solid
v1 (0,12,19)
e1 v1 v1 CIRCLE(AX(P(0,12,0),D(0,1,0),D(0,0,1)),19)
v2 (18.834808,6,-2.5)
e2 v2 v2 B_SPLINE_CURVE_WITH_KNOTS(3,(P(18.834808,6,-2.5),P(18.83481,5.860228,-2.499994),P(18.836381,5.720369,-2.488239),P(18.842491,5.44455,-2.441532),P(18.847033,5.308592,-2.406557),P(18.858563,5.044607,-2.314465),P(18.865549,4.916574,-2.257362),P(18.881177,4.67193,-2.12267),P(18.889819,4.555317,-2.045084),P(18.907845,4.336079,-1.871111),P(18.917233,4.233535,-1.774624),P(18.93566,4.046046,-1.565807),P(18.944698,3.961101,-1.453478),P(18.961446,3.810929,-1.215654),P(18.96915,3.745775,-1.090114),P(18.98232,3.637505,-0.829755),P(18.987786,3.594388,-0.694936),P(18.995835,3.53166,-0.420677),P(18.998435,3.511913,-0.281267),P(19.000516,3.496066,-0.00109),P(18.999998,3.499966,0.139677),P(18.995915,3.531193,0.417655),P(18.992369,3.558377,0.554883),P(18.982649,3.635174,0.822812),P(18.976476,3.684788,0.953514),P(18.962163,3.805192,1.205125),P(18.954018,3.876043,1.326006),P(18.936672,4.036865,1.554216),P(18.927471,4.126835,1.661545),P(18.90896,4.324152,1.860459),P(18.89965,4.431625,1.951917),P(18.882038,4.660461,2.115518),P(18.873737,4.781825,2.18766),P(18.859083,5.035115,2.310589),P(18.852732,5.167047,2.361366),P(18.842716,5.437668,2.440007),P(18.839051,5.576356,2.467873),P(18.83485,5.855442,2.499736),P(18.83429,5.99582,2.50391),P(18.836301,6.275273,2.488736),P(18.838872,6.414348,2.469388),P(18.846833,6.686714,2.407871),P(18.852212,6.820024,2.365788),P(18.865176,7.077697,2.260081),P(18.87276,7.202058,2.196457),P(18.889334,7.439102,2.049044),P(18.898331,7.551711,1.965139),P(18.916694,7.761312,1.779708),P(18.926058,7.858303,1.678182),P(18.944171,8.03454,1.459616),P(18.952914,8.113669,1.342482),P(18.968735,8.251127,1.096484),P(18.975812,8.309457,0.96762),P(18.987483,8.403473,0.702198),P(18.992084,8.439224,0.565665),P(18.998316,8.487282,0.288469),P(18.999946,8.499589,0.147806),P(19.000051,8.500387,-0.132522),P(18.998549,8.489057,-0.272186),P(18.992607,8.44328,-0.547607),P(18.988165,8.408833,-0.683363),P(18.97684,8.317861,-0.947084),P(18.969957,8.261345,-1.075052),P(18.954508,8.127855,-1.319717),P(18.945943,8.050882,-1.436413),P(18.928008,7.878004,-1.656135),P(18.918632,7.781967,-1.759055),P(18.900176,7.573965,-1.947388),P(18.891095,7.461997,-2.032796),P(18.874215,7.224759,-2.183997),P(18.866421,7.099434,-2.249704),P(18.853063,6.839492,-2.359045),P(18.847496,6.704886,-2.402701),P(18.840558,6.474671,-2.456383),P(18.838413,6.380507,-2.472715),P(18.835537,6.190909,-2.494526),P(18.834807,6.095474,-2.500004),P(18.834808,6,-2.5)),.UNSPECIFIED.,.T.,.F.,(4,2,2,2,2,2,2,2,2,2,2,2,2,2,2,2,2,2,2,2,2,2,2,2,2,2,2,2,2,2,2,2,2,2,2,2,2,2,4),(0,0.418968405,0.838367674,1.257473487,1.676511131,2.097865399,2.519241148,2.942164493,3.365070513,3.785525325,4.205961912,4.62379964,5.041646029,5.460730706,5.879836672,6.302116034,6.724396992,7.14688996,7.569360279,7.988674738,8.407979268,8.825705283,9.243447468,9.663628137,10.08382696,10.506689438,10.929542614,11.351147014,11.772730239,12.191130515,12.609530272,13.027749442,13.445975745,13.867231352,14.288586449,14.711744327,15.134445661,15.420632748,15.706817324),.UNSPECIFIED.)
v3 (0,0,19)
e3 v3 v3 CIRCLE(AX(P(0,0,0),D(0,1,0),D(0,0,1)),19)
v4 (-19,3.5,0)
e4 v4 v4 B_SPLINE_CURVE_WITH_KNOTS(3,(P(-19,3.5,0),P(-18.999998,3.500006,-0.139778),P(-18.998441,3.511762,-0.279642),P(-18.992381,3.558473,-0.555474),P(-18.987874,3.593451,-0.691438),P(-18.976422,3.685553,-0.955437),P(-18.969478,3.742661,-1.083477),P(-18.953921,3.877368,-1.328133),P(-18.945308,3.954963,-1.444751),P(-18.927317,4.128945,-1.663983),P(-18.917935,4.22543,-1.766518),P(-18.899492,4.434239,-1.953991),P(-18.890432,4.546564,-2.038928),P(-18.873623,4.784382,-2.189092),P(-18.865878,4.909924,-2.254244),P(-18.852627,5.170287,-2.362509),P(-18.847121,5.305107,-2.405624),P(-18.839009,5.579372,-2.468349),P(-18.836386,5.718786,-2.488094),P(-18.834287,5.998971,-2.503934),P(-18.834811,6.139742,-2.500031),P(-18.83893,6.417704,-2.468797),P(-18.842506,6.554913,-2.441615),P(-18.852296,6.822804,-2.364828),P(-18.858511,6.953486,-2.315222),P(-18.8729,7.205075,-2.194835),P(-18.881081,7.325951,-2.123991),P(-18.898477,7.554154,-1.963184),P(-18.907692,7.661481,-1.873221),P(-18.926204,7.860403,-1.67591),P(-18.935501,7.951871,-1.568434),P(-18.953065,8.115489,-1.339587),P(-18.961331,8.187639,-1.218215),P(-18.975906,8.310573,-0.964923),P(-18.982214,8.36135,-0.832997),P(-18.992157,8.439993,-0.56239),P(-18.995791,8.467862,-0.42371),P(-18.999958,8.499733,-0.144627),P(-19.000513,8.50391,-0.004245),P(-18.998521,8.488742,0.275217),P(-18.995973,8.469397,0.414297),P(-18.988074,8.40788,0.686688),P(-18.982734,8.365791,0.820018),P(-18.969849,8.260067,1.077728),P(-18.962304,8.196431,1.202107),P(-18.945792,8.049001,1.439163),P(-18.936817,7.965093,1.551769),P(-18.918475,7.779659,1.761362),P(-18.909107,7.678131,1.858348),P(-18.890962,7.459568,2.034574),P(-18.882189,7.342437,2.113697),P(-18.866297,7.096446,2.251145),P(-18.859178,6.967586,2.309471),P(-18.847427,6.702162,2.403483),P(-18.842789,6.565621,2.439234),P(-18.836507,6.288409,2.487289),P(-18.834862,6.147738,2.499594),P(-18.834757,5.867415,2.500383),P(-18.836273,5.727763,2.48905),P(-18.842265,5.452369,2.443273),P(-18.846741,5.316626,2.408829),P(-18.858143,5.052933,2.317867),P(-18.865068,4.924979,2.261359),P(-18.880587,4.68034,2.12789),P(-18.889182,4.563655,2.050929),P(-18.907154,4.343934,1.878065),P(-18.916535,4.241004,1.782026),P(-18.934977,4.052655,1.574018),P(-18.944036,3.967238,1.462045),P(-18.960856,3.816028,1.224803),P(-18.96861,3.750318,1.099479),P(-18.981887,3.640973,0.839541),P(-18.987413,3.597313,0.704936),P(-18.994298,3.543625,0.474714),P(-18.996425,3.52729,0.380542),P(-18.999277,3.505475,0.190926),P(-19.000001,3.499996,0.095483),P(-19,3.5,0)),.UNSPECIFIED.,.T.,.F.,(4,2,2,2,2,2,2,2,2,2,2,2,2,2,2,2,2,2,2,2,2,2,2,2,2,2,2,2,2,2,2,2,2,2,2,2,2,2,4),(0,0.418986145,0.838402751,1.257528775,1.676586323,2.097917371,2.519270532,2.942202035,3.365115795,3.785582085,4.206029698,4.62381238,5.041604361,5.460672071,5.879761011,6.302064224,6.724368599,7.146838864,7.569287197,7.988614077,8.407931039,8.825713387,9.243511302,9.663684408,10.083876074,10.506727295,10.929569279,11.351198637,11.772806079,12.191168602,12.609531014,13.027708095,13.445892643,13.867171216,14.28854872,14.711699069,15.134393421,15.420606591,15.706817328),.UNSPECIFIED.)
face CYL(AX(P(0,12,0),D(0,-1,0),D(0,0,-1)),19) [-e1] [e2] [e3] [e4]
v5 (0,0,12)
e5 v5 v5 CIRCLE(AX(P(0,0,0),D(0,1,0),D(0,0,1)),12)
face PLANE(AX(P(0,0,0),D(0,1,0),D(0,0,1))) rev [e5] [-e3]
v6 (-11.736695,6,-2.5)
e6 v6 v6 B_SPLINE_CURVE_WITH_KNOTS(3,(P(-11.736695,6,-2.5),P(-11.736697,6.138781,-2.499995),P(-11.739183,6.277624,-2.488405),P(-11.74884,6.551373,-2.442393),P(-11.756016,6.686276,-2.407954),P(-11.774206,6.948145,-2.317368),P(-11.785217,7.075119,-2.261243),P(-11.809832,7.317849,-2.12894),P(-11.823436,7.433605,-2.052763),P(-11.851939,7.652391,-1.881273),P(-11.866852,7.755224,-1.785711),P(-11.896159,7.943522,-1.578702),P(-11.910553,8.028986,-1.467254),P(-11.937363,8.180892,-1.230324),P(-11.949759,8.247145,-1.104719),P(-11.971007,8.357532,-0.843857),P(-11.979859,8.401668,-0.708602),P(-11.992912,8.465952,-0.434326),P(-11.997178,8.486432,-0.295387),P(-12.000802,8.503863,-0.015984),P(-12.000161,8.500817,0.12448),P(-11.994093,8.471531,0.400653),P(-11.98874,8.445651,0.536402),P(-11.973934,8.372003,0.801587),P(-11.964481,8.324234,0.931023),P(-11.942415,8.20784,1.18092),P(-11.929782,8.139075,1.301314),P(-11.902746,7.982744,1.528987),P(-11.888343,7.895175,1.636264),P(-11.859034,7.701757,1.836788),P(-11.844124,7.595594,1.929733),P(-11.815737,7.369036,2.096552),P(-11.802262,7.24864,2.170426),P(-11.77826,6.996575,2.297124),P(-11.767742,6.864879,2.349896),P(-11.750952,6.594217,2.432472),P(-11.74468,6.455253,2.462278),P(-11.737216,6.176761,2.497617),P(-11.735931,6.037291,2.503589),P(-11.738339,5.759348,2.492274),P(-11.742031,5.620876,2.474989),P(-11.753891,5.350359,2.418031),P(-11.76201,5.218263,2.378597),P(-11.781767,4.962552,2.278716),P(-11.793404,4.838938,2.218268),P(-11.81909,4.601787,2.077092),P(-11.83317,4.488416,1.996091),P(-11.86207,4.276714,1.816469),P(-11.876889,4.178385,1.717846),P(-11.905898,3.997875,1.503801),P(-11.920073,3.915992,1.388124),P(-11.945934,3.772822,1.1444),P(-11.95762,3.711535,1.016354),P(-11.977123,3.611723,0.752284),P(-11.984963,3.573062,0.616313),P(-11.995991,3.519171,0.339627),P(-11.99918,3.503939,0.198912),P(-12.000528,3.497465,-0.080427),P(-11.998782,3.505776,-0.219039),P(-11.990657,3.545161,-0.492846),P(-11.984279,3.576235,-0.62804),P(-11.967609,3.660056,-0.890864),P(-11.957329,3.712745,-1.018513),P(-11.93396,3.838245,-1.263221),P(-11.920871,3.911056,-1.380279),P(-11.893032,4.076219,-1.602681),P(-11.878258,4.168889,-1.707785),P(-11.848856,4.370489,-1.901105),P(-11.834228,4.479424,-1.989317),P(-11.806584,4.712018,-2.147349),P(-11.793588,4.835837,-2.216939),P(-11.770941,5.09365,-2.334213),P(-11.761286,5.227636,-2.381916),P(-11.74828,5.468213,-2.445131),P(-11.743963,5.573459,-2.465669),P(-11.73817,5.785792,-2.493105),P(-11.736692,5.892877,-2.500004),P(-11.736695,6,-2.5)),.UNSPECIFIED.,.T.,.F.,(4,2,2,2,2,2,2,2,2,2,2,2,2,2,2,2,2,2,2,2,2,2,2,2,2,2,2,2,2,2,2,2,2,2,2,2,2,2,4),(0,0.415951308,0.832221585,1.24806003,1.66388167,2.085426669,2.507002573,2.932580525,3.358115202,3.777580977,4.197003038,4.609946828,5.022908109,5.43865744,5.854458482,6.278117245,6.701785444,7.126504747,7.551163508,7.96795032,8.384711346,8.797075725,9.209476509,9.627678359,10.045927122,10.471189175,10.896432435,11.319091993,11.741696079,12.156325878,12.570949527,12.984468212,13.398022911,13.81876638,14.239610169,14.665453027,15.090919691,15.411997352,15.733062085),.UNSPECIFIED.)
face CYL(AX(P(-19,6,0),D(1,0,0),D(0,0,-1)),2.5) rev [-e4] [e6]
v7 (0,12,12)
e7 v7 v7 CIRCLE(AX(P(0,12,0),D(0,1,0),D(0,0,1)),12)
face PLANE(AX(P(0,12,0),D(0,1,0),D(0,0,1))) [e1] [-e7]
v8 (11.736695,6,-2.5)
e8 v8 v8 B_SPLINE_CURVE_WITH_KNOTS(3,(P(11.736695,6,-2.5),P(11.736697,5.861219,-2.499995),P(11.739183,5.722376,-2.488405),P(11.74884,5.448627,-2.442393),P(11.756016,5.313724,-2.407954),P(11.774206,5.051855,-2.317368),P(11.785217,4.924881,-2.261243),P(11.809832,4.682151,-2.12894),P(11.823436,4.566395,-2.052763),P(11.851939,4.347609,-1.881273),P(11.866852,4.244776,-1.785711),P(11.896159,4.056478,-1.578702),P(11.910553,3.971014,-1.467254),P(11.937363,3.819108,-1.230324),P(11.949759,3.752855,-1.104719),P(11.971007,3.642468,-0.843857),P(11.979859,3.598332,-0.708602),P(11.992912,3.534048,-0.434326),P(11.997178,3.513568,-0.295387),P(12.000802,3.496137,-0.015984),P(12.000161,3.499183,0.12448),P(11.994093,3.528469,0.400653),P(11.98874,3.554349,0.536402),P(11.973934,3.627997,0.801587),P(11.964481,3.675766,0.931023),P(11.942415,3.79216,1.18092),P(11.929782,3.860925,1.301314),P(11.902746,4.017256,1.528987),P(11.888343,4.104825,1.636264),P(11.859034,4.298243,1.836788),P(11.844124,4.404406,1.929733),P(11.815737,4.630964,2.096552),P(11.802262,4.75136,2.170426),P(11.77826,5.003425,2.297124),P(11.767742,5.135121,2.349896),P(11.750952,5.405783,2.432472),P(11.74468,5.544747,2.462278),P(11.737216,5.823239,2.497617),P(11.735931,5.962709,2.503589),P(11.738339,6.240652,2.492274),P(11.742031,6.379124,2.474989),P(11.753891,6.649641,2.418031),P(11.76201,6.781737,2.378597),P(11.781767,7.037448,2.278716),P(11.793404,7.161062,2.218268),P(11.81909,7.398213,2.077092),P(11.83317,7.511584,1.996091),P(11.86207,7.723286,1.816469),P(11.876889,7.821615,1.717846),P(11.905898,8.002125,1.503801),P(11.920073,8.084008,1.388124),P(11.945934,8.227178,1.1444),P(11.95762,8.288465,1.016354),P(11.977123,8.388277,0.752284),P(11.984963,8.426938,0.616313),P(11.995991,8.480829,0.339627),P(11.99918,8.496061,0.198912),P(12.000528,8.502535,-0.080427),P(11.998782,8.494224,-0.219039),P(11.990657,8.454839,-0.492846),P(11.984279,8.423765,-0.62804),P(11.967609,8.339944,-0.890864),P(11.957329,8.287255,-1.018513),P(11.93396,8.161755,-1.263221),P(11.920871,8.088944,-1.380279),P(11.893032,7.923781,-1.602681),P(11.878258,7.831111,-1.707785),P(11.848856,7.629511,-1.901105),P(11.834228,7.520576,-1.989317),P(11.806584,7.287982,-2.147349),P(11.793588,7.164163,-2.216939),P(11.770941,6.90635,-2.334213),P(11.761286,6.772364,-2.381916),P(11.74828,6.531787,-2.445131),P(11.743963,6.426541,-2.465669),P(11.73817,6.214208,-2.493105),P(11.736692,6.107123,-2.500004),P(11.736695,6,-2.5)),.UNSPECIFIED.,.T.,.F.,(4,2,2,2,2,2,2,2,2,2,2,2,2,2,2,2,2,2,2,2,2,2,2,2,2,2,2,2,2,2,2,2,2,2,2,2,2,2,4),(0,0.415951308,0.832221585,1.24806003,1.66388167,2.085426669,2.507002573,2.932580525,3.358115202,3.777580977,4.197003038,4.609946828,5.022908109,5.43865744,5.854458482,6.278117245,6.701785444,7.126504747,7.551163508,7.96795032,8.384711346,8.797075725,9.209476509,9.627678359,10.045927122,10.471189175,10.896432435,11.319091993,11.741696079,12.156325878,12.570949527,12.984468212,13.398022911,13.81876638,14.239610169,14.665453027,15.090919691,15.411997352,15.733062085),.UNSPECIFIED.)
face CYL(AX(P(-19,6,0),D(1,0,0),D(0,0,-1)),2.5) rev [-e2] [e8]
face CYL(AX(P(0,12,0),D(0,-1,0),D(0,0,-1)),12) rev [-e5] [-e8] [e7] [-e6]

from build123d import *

# Parameters (mm, degrees)
SKETCH1_R               = 19
SKETCH1_R_2             = 12
BOSS_EXTRUDE1_DEPTH     = 12
CUT_EXTRUDE1_DEPTH      = 30.427877939
CUT_EXTRUDE1_DEPTH_BACK = 30.427877939
SKETCH5_R               = 2.5


with BuildPart() as part:
    # Sketch1 → Boss-Extrude1 (new body)
    with BuildSketch(Plane(origin=(0, 0, 0), x_dir=(1, 0, 0), z_dir=(0, 1, 0))):
        with Locations(Location((0, 0, 0), (0, 0, 270))):
            Circle(SKETCH1_R)
        with Locations(Location((0, 0, 0), (0, 0, 270))):
            Circle(SKETCH1_R_2, mode=Mode.SUBTRACT)
    extrude(amount=BOSS_EXTRUDE1_DEPTH)

    # Sketch5 → Cut-Extrude1 (cut, two sides: drawn at the far end of the back side and taken through both)
    with BuildSketch(Plane(origin=(0, 0, 0), x_dir=(0, 0, -1), z_dir=(1, 0, 0)).offset(-CUT_EXTRUDE1_DEPTH_BACK)):
        with Locations((0, 6)):
            Circle(SKETCH5_R)
    extrude(amount=CUT_EXTRUDE1_DEPTH + CUT_EXTRUDE1_DEPTH_BACK, mode=Mode.SUBTRACT)


solid = part.part
